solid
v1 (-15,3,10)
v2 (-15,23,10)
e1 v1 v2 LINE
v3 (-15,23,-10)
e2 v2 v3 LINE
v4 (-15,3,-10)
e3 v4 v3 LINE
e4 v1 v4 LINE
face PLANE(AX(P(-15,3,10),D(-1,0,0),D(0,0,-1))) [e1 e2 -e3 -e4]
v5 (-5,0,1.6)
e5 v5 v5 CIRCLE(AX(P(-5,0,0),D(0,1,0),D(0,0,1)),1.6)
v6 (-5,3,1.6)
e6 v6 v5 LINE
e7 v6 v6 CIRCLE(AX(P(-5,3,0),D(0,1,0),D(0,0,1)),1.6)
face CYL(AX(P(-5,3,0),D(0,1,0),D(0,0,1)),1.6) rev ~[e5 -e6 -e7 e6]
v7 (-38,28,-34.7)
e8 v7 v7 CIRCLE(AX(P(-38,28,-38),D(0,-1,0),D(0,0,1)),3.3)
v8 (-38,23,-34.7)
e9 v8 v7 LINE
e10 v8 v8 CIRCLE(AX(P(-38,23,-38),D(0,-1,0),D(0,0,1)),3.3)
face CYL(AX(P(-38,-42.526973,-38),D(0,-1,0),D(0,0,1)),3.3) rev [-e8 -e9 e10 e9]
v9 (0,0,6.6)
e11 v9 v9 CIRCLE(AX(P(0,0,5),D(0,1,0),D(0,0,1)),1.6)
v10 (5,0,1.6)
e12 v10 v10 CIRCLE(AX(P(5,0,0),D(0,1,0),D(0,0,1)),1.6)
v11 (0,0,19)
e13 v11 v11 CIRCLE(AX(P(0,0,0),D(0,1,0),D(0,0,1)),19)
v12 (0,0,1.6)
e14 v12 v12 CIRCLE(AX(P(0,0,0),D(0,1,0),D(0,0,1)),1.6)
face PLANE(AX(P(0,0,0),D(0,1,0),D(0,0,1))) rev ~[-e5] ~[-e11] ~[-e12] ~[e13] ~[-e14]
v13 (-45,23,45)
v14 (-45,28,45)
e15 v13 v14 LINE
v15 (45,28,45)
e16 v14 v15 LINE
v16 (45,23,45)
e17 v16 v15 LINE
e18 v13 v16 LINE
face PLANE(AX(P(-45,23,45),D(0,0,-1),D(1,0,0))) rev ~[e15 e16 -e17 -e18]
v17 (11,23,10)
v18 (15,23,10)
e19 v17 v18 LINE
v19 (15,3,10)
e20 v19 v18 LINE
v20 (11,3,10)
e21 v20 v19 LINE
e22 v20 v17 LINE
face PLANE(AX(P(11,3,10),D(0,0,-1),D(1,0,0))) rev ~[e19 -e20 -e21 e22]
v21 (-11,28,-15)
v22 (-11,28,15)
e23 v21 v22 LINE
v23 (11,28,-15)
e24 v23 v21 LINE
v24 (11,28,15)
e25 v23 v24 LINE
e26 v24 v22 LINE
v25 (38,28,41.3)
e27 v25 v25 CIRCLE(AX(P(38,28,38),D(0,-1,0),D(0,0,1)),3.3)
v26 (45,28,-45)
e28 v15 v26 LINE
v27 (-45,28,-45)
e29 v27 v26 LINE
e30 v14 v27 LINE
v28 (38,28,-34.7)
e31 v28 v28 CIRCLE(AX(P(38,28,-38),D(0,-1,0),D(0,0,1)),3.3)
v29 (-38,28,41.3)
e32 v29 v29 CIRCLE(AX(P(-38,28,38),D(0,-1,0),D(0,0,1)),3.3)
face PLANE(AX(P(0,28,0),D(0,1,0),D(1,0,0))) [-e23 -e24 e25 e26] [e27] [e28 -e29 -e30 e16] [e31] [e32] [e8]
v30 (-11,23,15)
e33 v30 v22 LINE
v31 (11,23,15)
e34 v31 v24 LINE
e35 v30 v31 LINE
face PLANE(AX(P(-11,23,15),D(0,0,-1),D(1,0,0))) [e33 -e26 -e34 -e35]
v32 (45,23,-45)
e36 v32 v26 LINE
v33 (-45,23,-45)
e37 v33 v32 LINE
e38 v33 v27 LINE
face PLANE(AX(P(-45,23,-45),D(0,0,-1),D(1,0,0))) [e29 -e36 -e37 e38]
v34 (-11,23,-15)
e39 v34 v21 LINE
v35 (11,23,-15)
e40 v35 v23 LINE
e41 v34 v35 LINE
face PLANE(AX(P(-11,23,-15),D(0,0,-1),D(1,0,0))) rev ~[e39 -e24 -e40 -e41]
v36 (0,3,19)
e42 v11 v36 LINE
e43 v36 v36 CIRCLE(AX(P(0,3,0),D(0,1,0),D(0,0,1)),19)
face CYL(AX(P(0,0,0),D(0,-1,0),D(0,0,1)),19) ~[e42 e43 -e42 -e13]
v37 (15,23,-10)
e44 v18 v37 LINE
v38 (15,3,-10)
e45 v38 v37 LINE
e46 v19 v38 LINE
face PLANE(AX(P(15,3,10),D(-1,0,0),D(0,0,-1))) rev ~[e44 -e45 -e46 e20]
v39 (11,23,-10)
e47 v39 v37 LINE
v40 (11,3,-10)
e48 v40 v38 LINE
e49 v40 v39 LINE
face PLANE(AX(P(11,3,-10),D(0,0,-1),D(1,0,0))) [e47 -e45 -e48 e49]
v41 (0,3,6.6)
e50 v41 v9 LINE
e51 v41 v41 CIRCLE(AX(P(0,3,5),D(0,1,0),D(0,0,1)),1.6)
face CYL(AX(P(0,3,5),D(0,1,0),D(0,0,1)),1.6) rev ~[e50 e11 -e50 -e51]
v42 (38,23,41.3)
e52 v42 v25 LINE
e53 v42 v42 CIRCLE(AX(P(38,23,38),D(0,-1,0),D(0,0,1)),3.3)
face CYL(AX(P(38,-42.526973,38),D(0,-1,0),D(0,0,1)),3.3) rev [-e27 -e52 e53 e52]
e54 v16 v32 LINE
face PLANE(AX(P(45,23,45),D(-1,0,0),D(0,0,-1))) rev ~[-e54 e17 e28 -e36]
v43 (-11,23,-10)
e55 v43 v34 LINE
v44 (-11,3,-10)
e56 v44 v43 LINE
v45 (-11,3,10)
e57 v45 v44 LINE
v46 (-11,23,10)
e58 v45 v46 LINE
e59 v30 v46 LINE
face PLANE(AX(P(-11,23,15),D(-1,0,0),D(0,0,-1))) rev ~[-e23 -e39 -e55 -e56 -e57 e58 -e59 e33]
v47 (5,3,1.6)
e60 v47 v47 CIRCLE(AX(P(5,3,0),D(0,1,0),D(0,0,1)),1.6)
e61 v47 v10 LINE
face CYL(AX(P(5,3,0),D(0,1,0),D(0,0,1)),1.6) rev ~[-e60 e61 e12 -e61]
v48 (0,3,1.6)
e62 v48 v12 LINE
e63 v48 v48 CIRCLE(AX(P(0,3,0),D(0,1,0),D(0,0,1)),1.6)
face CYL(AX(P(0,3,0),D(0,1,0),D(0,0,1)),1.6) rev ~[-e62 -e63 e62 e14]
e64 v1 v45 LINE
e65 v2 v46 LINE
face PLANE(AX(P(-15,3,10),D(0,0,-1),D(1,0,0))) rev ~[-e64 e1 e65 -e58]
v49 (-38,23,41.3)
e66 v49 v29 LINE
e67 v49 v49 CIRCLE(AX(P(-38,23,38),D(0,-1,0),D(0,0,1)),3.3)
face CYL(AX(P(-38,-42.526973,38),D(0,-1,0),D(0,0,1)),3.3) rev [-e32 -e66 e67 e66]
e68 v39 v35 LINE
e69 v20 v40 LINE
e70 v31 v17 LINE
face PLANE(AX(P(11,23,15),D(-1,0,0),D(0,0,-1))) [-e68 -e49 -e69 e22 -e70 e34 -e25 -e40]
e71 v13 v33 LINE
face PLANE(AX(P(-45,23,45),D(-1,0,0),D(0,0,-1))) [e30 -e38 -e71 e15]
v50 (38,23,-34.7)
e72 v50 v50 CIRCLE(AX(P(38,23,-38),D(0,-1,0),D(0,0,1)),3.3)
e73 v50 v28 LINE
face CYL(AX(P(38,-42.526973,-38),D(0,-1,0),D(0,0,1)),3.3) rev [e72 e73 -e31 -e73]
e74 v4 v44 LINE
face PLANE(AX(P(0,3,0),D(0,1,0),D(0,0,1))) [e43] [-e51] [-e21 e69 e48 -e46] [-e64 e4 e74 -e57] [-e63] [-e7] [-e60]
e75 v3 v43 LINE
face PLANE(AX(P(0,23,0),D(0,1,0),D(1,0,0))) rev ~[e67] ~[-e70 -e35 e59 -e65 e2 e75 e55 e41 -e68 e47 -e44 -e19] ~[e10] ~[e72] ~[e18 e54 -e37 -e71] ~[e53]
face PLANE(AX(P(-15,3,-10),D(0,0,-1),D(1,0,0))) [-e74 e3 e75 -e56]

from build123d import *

# Parameters (mm, degrees)
SKETCH_1_R               = 19
EXTRUDE_1_DEPTH          = 3
CUT_EXTRUDE_1_REACH      = 29.037
SKETCH_2_R               = 1.6
SKETCH_3_W               = 4
SKETCH_3_H               = 20
EXTRUDE_2_DEPTH          = 20
SKETCH_4_W               = 90
SKETCH_4_H               = 90
EXTRUDE_3_DEPTH          = 5
CUT_EXTRUDE_2_DEPTH      = 70.526973183
CUT_EXTRUDE_2_DEPTH_BACK = 70.526973183
SKETCH_5_R               = 3.3
CUT_EXTRUDE_3_DEPTH      = 70.526973183
CUT_EXTRUDE_3_DEPTH_BACK = 5
SKETCH_6_W               = 22
SKETCH_6_H               = 30


with BuildPart() as part:
    # 草图1 → 凸台-拉伸1 (new body)
    with BuildSketch(Plane(origin=(0, 0, 0), x_dir=(1, 0, 0), z_dir=(0, 1, 0))):
        with Locations(Location((0, 0, 0), (0, 0, 270))):
            Circle(SKETCH_1_R)
    extrude(amount=EXTRUDE_1_DEPTH)

    # 草图2 → 切除-拉伸1 (cut, up to next)
    with BuildSketch(Plane(origin=(0, 3, 0), x_dir=(1, 0, 0), z_dir=(0, 1, 0)), mode=Mode.PRIVATE) as cut_extrude_1_sk1:
        with Locations(Location((-5, 0, 0), (0, 0, 270))):
            Circle(SKETCH_2_R)
    cut_extrude_1_tool1 = extrude(cut_extrude_1_sk1.sketch, amount=-CUT_EXTRUDE_1_REACH, mode=Mode.PRIVATE) & part.part
    # 草图2 → 切除-拉伸1 (cut, up to next)
    with BuildSketch(Plane(origin=(0, 3, 0), x_dir=(1, 0, 0), z_dir=(0, 1, 0)), mode=Mode.PRIVATE) as cut_extrude_1_sk2:
        with Locations(Location((0, 0, 0), (0, 0, 270))):
            Circle(SKETCH_2_R)
    cut_extrude_1_tool2 = extrude(cut_extrude_1_sk2.sketch, amount=-CUT_EXTRUDE_1_REACH, mode=Mode.PRIVATE) & part.part
    # 草图2 → 切除-拉伸1 (cut, up to next)
    with BuildSketch(Plane(origin=(0, 3, 0), x_dir=(1, 0, 0), z_dir=(0, 1, 0)), mode=Mode.PRIVATE) as cut_extrude_1_sk3:
        with Locations(Location((5, 0, 0), (0, 0, 270))):
            Circle(SKETCH_2_R)
    cut_extrude_1_tool3 = extrude(cut_extrude_1_sk3.sketch, amount=-CUT_EXTRUDE_1_REACH, mode=Mode.PRIVATE) & part.part
    # 草图2 → 切除-拉伸1 (cut, up to next)
    with BuildSketch(Plane(origin=(0, 3, 0), x_dir=(1, 0, 0), z_dir=(0, 1, 0)), mode=Mode.PRIVATE) as cut_extrude_1_sk4:
        with Locations(Location((0, -5, 0), (0, 0, 270))):
            Circle(SKETCH_2_R)
    cut_extrude_1_tool4 = extrude(cut_extrude_1_sk4.sketch, amount=-CUT_EXTRUDE_1_REACH, mode=Mode.PRIVATE) & part.part
    add(cut_extrude_1_tool1.solids().sort_by_distance((-5, 3, 0))[0], mode=Mode.SUBTRACT)
    add(cut_extrude_1_tool2.solids().sort_by_distance((0, 3, 0))[0], mode=Mode.SUBTRACT)
    add(cut_extrude_1_tool3.solids().sort_by_distance((5, 3, 0))[0], mode=Mode.SUBTRACT)
    add(cut_extrude_1_tool4.solids().sort_by_distance((0, 3, 5))[0], mode=Mode.SUBTRACT)

    # 草图3 → 凸台-拉伸2 (add)
    with BuildSketch(Plane(origin=(0, 3, 0), x_dir=(1, 0, 0), z_dir=(0, 1, 0))):
        with Locations((-13, 0)):
            Rectangle(SKETCH_3_W, SKETCH_3_H)
        with Locations((13, 0)):
            Rectangle(SKETCH_3_W, SKETCH_3_H)
    extrude(amount=EXTRUDE_2_DEPTH)

    # 草图4 → 凸台-拉伸3 (add)
    with BuildSketch(Plane(origin=(0, 23, 0), x_dir=(1, 0, 0), z_dir=(0, 1, 0))):
        Rectangle(SKETCH_4_W, SKETCH_4_H)
    extrude(amount=EXTRUDE_3_DEPTH)

    # 草图5 → 切除-拉伸2 (cut, two sides: drawn at the far end of the back side and taken through both)
    with BuildSketch(Plane(origin=(0, 28, 0), x_dir=(1, 0, 0), z_dir=(0, 1, 0)).offset(-CUT_EXTRUDE_2_DEPTH_BACK)):
        with Locations(Location((-38, 38, 0), (0, 0, 270))):
            Circle(SKETCH_5_R)
        with Locations(Location((38, 38, 0), (0, 0, 270))):
            Circle(SKETCH_5_R)
        with Locations(Location((-38, -38, 0), (0, 0, 270))):
            Circle(SKETCH_5_R)
        with Locations(Location((38, -38, 0), (0, 0, 270))):
            Circle(SKETCH_5_R)
    extrude(amount=CUT_EXTRUDE_2_DEPTH + CUT_EXTRUDE_2_DEPTH_BACK, mode=Mode.SUBTRACT)

    # 草图6 → 切除-拉伸3 (cut, two sides: drawn at the far end of the back side and taken through both)
    with BuildSketch(Plane(origin=(0, 28, 0), x_dir=(1, 0, 0), z_dir=(0, 1, 0)).offset(-CUT_EXTRUDE_3_DEPTH_BACK)):
        Rectangle(SKETCH_6_W, SKETCH_6_H)
    extrude(amount=CUT_EXTRUDE_3_DEPTH + CUT_EXTRUDE_3_DEPTH_BACK, mode=Mode.SUBTRACT)


solid = part.part
